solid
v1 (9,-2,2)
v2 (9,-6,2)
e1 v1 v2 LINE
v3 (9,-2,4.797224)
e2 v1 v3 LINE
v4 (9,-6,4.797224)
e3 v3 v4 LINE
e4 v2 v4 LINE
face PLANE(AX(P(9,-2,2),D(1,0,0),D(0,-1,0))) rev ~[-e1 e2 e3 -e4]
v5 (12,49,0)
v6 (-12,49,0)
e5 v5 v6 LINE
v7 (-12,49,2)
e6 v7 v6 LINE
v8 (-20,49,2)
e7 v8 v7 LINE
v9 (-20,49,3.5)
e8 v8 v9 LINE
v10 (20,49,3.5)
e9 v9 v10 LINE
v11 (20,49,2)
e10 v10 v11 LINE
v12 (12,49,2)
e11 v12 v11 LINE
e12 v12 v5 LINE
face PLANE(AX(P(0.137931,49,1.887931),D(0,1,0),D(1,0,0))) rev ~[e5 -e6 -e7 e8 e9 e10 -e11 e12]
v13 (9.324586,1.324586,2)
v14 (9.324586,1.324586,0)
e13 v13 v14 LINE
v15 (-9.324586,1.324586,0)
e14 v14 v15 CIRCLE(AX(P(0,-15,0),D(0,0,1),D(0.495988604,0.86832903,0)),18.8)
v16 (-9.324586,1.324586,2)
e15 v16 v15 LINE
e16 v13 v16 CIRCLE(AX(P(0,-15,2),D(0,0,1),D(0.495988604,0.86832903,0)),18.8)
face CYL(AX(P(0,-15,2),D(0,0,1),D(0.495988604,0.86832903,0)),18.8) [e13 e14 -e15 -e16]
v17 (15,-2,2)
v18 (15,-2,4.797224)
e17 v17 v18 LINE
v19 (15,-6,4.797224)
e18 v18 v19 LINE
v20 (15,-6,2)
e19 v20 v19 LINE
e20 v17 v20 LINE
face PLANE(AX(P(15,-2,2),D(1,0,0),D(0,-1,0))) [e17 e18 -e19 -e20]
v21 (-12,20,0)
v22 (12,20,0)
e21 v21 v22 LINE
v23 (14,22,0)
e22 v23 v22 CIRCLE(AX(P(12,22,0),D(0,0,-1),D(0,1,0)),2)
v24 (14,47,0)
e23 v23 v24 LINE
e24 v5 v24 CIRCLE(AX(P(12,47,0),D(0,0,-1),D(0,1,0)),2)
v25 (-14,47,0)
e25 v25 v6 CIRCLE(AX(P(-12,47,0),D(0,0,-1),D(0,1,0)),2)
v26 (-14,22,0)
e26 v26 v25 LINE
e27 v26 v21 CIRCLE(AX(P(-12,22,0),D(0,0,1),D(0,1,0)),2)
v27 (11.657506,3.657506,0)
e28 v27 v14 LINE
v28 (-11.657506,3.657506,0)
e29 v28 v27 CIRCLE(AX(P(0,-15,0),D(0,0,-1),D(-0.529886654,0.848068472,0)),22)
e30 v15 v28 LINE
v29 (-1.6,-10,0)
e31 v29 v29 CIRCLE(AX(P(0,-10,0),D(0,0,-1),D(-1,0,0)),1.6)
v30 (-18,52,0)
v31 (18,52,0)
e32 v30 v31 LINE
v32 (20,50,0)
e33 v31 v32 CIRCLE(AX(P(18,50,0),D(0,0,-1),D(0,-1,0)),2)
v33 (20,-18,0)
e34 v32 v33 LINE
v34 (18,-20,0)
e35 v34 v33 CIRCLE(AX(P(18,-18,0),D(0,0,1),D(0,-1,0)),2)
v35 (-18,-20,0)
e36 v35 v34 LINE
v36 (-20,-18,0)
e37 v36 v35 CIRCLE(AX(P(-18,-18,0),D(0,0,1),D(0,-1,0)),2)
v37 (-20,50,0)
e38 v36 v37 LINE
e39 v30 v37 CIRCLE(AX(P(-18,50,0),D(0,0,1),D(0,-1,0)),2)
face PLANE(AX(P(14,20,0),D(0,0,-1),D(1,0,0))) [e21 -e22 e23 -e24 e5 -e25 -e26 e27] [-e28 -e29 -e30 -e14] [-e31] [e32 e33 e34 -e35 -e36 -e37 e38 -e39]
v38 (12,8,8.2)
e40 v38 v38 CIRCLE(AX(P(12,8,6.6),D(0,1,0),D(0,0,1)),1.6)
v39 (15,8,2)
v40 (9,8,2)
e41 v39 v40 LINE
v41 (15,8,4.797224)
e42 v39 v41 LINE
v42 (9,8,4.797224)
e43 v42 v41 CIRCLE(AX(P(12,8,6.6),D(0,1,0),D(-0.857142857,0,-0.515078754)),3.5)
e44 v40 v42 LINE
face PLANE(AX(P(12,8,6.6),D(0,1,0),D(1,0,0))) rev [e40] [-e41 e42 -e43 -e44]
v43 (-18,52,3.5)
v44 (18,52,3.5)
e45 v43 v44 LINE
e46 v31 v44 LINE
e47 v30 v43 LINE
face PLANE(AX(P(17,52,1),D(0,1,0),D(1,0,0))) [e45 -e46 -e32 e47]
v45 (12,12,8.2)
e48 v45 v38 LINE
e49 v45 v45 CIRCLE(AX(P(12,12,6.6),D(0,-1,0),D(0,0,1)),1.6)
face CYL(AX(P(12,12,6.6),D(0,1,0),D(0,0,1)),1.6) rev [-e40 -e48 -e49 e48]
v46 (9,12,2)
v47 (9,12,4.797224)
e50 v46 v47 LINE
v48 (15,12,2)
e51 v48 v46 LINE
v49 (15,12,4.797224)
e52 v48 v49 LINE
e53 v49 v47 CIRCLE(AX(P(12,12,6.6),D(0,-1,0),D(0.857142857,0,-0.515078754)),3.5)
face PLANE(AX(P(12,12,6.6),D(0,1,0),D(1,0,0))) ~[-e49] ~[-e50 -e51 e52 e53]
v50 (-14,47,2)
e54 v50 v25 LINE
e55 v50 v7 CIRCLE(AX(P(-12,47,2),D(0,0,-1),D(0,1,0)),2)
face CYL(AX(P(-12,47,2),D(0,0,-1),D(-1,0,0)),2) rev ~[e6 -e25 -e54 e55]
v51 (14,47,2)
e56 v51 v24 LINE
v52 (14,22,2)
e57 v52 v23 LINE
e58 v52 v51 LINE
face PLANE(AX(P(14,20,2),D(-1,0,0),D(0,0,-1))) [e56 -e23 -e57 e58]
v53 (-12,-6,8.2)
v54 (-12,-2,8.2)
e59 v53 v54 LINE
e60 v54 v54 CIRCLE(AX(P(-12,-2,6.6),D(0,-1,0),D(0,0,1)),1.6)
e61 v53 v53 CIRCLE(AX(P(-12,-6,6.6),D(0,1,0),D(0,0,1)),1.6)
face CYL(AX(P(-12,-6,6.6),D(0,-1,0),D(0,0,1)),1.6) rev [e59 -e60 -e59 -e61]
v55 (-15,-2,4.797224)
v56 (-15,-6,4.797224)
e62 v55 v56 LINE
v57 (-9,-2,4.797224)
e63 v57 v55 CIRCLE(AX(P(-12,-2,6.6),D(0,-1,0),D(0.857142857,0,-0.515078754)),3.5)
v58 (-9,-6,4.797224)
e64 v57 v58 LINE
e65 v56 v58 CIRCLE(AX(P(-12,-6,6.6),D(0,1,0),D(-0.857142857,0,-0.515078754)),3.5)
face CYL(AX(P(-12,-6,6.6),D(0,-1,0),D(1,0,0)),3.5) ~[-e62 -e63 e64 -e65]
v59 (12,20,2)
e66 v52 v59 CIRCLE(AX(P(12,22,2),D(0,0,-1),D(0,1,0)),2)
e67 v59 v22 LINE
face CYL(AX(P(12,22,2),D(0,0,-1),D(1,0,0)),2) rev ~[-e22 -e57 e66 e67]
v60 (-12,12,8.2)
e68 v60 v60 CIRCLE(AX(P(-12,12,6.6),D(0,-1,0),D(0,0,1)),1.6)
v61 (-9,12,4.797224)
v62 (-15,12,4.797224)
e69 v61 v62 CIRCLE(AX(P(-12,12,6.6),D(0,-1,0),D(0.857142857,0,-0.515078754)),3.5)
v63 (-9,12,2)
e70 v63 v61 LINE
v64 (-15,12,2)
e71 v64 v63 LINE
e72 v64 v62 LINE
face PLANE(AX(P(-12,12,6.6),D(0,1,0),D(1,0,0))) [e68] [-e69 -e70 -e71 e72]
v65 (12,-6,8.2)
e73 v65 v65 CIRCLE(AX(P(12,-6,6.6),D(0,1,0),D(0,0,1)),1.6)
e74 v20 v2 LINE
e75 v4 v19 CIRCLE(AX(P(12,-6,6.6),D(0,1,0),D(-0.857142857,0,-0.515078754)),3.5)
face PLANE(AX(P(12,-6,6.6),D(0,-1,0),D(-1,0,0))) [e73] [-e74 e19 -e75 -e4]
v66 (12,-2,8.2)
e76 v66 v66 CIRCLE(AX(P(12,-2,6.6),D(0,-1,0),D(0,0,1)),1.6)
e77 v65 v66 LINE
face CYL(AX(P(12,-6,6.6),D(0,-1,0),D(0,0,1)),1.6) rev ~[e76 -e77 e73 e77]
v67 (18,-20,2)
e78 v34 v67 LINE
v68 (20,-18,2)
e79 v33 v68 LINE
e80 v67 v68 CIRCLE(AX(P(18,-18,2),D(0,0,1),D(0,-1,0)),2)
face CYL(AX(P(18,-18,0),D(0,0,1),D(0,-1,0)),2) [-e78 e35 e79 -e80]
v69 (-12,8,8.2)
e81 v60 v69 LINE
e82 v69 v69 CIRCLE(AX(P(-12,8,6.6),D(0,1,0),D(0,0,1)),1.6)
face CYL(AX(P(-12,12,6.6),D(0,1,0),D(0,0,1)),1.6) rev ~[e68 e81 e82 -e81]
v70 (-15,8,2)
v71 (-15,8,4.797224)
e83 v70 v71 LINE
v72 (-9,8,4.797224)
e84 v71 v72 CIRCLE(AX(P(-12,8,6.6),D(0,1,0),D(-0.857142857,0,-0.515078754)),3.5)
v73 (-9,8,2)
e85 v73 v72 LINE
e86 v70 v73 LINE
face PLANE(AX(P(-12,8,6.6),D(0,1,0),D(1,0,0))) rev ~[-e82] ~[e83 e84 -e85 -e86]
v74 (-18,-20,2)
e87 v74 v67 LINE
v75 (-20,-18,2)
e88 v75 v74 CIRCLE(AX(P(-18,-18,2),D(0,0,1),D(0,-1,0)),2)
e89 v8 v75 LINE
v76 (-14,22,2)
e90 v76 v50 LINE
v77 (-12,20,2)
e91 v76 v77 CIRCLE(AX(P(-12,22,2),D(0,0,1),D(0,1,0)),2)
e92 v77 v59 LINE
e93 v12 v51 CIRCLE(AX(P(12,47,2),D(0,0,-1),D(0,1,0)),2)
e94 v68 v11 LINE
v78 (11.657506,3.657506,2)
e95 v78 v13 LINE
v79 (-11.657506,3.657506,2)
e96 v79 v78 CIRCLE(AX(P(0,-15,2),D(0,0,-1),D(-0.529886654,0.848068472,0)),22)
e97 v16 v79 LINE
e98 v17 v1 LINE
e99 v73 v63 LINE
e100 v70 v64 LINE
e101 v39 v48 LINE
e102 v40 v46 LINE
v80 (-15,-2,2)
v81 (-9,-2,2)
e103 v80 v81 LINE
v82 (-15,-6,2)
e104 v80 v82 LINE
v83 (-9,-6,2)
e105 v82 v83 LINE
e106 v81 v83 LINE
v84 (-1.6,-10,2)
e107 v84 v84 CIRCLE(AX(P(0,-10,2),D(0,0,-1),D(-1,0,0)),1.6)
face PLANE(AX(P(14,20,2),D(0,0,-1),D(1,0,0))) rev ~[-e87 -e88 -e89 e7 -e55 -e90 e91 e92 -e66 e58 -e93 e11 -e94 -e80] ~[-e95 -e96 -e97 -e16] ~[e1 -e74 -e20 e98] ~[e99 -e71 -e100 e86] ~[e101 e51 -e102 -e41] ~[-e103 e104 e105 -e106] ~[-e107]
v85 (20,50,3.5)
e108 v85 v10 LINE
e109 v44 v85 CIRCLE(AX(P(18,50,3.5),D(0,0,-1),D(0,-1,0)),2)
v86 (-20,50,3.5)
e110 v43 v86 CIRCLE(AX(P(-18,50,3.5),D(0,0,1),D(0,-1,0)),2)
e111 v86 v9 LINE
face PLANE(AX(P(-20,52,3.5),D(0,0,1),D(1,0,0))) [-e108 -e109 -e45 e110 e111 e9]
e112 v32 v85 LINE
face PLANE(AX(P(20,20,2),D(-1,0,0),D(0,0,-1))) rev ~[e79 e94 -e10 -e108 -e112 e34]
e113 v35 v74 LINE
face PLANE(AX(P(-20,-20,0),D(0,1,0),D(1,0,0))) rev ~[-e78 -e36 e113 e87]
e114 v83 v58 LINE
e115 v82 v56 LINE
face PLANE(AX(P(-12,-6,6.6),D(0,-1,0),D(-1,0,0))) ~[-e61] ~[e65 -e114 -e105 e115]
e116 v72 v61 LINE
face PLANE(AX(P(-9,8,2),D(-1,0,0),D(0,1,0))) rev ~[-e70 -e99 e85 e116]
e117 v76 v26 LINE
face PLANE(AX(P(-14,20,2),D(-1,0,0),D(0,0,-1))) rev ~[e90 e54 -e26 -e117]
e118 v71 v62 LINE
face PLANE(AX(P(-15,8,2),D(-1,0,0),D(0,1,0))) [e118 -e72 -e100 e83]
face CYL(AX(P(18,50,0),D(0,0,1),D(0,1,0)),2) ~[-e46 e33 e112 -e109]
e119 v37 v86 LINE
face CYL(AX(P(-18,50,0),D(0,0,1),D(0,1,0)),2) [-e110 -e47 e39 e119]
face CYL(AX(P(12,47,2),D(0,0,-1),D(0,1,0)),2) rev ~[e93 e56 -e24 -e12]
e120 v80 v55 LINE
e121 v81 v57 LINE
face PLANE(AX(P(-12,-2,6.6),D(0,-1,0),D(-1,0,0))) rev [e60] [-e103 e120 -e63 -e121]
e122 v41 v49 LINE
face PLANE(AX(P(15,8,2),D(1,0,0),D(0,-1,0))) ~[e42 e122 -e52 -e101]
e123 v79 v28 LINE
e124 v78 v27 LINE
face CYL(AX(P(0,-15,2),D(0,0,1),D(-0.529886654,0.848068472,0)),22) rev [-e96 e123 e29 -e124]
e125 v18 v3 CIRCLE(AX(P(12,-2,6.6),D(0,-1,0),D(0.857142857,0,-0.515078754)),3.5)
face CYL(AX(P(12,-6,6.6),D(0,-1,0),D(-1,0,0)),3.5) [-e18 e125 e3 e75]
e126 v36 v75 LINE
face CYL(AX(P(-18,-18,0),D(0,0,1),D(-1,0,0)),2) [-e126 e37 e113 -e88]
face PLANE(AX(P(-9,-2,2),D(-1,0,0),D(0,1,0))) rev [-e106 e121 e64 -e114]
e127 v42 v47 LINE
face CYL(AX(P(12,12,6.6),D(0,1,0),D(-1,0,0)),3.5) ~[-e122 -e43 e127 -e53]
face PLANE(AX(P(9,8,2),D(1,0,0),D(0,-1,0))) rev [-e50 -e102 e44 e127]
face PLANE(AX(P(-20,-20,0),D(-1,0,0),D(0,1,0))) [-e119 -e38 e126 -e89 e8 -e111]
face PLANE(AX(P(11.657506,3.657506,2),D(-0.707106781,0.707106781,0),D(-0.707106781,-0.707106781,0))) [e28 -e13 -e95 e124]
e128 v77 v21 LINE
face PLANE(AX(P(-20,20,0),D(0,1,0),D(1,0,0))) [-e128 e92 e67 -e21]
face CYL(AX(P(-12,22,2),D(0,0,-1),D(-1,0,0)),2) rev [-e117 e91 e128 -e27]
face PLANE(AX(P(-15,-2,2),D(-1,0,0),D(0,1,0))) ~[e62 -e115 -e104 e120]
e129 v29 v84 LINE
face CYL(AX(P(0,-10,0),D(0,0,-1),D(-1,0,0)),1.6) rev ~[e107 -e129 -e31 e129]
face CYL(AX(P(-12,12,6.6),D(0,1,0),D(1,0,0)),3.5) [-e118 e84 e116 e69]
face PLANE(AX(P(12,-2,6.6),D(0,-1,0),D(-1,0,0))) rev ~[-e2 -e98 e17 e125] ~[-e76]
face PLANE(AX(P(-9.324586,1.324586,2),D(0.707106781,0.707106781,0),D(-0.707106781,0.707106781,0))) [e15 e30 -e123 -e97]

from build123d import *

# Parameters (mm, degrees)
SKETCH1_W                                    = 40
SKETCH1_H                                    = 40
BOSS_EXTRUDE2_DEPTH                          = 2
SKETCH2_W                                    = 6
SKETCH2_H                                    = 4
BOSS_EXTRUDE5_DEPTH                          = 3
SKETCH4_R                                    = 3.5
SKETCH4_R_2                                  = 1.6
BOSS_EXTRUDE6_DEPTH                          = 4
MIRROR2_AT_THE_SECOND_PLANE_COPY_1_SKETC_W   = 6
MIRROR2_AT_THE_SECOND_PLANE_COPY_1_SKETC_H   = 4
MIRROR2_AT_THE_SECOND_PLANE_COPY_1_DEPTH     = 3
MIRROR2_AT_THE_SECOND_PLANE_COPY_2_SKETC_R   = 3.5
MIRROR2_AT_THE_SECOND_PLANE_COPY_2_SKETC_R_2 = 1.6
MIRROR2_AT_THE_SECOND_PLANE_COPY_2_DEPTH     = 4
CUT_EXTRUDE2_DEPTH                           = 2
SKETCH8_R                                    = 1.6
CUT_EXTRUDE3_DEPTH                           = 2
SKETCH18_W                                   = 6
SKETCH18_H                                   = 2
BOSS_EXTRUDE10_DEPTH                         = 32
SKETCH19_W                                   = 6
SKETCH19_H                                   = 2
BOSS_EXTRUDE11_DEPTH                         = 3
FILLET1_R                                    = 2


with BuildPart() as part:
    # Sketch1 → Boss-Extrude2 (new body)
    with BuildSketch(Plane.XY):
        Rectangle(SKETCH1_W, SKETCH1_H)
    extrude(amount=BOSS_EXTRUDE2_DEPTH)

    # Sketch2 → Boss-Extrude5 (add)
    with BuildSketch(Plane.XY.offset(2)):
        with Locations((-12, 10)):
            Rectangle(SKETCH2_W, SKETCH2_H)
    boss_extrude5 = extrude(amount=BOSS_EXTRUDE5_DEPTH)

    # Sketch4 → Boss-Extrude6 (add)
    with BuildSketch(Plane(origin=(0, 12, 0), x_dir=(1, 0, 0), z_dir=(0, 1, 0))):
        with Locations((-12, -6.6)):
            Circle(SKETCH4_R)
        with Locations(Location((-12, -6.6, 0), (0, 0, 270))):
            Circle(SKETCH4_R_2, mode=Mode.SUBTRACT)
    boss_extrude6 = extrude(amount=-BOSS_EXTRUDE6_DEPTH)

    # Mirror2: Boss-Extrude5, Boss-Extrude6 across plane
    add(boss_extrude5.mirror(Plane(origin=(0, 0, 0), x_dir=(0, 0, 1), z_dir=(1, 0, 0))))
    add(boss_extrude6.mirror(Plane(origin=(0, 0, 0), x_dir=(0, 0, 1), z_dir=(1, 0, 0))))

    # Mirror2 at the second plane: Boss-Extrude5, Boss-Extrude6 across plane
    add(boss_extrude5.mirror(Plane(origin=(0, 3, 0), x_dir=(0, 0, 1), z_dir=(0, -1, 0))))
    add(boss_extrude6.mirror(Plane(origin=(0, 3, 0), x_dir=(0, 0, 1), z_dir=(0, -1, 0))))

    # Mirror2 at the second plane copy 1 sketc → Mirror2 at the second plane copy 1 (add)
    with BuildSketch(Plane(origin=(0, 6, 2), x_dir=(-1, 0, 0), z_dir=(0, 0, 1))):
        with Locations((-12, 10)):
            Rectangle(MIRROR2_AT_THE_SECOND_PLANE_COPY_1_SKETC_W, MIRROR2_AT_THE_SECOND_PLANE_COPY_1_SKETC_H)
    extrude(amount=MIRROR2_AT_THE_SECOND_PLANE_COPY_1_DEPTH)

    # Mirror2 at the second plane copy 2 sketc → Mirror2 at the second plane copy 2 (add)
    with BuildSketch(Plane(origin=(0, -6, 0), x_dir=(-1, 0, 0), z_dir=(0, -1, 0))):
        with Locations((-12, -6.6)):
            Circle(MIRROR2_AT_THE_SECOND_PLANE_COPY_2_SKETC_R)
        with Locations(Location((-12, -6.6, 0), (0, 0, 270))):
            Circle(MIRROR2_AT_THE_SECOND_PLANE_COPY_2_SKETC_R_2, mode=Mode.SUBTRACT)
    extrude(amount=-MIRROR2_AT_THE_SECOND_PLANE_COPY_2_DEPTH)

    # Sketch7 → Cut-Extrude2 (cut)
    with BuildSketch(Plane.XY.offset(2)):
        with BuildLine():
            ThreePointArc((9.324585763, 1.324585763), (0, 3.8), (-9.324585763, 1.324585763))
            Line((-9.324585763, 1.324585763), (-11.657506391, 3.657506391))
            ThreePointArc((-11.657506391, 3.657506391), (0, 7), (11.657506391, 3.657506391))
            Line((11.657506391, 3.657506391), (9.324585763, 1.324585763))
        make_face()
    extrude(amount=-CUT_EXTRUDE2_DEPTH, mode=Mode.SUBTRACT)

    # Sketch8 → Cut-Extrude3 (cut)
    with BuildSketch(Plane(origin=(0, 0, 0), x_dir=(-1, 0, 0), z_dir=(0, 0, -1))):
        with Locations((0, -10)):
            Circle(SKETCH8_R)
    extrude(amount=-CUT_EXTRUDE3_DEPTH, mode=Mode.SUBTRACT)

    # Sketch18 → Boss-Extrude10 (add)
    with BuildSketch(Plane(origin=(0, 20, 0), x_dir=(1, 0, 0), z_dir=(0, 1, 0))):
        with Locations((17, -1)):
            Rectangle(SKETCH18_W, SKETCH18_H)
        with Locations((-17, -1)):
            Rectangle(SKETCH18_W, SKETCH18_H)
    extrude(amount=BOSS_EXTRUDE10_DEPTH)

    # Sketch19 → Boss-Extrude11 (add)
    with BuildSketch(Plane(origin=(0, 52, 0), x_dir=(1, 0, 0), z_dir=(0, 1, 0))):
        Polygon((20, 0), (-14, 0), (-14, -2), (-20, -2), (-20, -3.5), (20, -3.5), align=None)
        with Locations((-17, -1)):
            Rectangle(SKETCH19_W, SKETCH19_H)
    extrude(amount=-BOSS_EXTRUDE11_DEPTH)

    # Fillet1
    fillet1_edges = [part.edges().sort_by_distance(p)[0] for p in [
        (20, 52, 1.75),
        (14, 20, 1),
        (-20, 52, 1.75),
        (-14, 20, 1),
        (-14, 49, 1),
        (14, 49, 1),
        (20, -20, 1),
        (-20, -20, 1),
    ]]
    fillet(fillet1_edges, radius=FILLET1_R)


solid = part.part
